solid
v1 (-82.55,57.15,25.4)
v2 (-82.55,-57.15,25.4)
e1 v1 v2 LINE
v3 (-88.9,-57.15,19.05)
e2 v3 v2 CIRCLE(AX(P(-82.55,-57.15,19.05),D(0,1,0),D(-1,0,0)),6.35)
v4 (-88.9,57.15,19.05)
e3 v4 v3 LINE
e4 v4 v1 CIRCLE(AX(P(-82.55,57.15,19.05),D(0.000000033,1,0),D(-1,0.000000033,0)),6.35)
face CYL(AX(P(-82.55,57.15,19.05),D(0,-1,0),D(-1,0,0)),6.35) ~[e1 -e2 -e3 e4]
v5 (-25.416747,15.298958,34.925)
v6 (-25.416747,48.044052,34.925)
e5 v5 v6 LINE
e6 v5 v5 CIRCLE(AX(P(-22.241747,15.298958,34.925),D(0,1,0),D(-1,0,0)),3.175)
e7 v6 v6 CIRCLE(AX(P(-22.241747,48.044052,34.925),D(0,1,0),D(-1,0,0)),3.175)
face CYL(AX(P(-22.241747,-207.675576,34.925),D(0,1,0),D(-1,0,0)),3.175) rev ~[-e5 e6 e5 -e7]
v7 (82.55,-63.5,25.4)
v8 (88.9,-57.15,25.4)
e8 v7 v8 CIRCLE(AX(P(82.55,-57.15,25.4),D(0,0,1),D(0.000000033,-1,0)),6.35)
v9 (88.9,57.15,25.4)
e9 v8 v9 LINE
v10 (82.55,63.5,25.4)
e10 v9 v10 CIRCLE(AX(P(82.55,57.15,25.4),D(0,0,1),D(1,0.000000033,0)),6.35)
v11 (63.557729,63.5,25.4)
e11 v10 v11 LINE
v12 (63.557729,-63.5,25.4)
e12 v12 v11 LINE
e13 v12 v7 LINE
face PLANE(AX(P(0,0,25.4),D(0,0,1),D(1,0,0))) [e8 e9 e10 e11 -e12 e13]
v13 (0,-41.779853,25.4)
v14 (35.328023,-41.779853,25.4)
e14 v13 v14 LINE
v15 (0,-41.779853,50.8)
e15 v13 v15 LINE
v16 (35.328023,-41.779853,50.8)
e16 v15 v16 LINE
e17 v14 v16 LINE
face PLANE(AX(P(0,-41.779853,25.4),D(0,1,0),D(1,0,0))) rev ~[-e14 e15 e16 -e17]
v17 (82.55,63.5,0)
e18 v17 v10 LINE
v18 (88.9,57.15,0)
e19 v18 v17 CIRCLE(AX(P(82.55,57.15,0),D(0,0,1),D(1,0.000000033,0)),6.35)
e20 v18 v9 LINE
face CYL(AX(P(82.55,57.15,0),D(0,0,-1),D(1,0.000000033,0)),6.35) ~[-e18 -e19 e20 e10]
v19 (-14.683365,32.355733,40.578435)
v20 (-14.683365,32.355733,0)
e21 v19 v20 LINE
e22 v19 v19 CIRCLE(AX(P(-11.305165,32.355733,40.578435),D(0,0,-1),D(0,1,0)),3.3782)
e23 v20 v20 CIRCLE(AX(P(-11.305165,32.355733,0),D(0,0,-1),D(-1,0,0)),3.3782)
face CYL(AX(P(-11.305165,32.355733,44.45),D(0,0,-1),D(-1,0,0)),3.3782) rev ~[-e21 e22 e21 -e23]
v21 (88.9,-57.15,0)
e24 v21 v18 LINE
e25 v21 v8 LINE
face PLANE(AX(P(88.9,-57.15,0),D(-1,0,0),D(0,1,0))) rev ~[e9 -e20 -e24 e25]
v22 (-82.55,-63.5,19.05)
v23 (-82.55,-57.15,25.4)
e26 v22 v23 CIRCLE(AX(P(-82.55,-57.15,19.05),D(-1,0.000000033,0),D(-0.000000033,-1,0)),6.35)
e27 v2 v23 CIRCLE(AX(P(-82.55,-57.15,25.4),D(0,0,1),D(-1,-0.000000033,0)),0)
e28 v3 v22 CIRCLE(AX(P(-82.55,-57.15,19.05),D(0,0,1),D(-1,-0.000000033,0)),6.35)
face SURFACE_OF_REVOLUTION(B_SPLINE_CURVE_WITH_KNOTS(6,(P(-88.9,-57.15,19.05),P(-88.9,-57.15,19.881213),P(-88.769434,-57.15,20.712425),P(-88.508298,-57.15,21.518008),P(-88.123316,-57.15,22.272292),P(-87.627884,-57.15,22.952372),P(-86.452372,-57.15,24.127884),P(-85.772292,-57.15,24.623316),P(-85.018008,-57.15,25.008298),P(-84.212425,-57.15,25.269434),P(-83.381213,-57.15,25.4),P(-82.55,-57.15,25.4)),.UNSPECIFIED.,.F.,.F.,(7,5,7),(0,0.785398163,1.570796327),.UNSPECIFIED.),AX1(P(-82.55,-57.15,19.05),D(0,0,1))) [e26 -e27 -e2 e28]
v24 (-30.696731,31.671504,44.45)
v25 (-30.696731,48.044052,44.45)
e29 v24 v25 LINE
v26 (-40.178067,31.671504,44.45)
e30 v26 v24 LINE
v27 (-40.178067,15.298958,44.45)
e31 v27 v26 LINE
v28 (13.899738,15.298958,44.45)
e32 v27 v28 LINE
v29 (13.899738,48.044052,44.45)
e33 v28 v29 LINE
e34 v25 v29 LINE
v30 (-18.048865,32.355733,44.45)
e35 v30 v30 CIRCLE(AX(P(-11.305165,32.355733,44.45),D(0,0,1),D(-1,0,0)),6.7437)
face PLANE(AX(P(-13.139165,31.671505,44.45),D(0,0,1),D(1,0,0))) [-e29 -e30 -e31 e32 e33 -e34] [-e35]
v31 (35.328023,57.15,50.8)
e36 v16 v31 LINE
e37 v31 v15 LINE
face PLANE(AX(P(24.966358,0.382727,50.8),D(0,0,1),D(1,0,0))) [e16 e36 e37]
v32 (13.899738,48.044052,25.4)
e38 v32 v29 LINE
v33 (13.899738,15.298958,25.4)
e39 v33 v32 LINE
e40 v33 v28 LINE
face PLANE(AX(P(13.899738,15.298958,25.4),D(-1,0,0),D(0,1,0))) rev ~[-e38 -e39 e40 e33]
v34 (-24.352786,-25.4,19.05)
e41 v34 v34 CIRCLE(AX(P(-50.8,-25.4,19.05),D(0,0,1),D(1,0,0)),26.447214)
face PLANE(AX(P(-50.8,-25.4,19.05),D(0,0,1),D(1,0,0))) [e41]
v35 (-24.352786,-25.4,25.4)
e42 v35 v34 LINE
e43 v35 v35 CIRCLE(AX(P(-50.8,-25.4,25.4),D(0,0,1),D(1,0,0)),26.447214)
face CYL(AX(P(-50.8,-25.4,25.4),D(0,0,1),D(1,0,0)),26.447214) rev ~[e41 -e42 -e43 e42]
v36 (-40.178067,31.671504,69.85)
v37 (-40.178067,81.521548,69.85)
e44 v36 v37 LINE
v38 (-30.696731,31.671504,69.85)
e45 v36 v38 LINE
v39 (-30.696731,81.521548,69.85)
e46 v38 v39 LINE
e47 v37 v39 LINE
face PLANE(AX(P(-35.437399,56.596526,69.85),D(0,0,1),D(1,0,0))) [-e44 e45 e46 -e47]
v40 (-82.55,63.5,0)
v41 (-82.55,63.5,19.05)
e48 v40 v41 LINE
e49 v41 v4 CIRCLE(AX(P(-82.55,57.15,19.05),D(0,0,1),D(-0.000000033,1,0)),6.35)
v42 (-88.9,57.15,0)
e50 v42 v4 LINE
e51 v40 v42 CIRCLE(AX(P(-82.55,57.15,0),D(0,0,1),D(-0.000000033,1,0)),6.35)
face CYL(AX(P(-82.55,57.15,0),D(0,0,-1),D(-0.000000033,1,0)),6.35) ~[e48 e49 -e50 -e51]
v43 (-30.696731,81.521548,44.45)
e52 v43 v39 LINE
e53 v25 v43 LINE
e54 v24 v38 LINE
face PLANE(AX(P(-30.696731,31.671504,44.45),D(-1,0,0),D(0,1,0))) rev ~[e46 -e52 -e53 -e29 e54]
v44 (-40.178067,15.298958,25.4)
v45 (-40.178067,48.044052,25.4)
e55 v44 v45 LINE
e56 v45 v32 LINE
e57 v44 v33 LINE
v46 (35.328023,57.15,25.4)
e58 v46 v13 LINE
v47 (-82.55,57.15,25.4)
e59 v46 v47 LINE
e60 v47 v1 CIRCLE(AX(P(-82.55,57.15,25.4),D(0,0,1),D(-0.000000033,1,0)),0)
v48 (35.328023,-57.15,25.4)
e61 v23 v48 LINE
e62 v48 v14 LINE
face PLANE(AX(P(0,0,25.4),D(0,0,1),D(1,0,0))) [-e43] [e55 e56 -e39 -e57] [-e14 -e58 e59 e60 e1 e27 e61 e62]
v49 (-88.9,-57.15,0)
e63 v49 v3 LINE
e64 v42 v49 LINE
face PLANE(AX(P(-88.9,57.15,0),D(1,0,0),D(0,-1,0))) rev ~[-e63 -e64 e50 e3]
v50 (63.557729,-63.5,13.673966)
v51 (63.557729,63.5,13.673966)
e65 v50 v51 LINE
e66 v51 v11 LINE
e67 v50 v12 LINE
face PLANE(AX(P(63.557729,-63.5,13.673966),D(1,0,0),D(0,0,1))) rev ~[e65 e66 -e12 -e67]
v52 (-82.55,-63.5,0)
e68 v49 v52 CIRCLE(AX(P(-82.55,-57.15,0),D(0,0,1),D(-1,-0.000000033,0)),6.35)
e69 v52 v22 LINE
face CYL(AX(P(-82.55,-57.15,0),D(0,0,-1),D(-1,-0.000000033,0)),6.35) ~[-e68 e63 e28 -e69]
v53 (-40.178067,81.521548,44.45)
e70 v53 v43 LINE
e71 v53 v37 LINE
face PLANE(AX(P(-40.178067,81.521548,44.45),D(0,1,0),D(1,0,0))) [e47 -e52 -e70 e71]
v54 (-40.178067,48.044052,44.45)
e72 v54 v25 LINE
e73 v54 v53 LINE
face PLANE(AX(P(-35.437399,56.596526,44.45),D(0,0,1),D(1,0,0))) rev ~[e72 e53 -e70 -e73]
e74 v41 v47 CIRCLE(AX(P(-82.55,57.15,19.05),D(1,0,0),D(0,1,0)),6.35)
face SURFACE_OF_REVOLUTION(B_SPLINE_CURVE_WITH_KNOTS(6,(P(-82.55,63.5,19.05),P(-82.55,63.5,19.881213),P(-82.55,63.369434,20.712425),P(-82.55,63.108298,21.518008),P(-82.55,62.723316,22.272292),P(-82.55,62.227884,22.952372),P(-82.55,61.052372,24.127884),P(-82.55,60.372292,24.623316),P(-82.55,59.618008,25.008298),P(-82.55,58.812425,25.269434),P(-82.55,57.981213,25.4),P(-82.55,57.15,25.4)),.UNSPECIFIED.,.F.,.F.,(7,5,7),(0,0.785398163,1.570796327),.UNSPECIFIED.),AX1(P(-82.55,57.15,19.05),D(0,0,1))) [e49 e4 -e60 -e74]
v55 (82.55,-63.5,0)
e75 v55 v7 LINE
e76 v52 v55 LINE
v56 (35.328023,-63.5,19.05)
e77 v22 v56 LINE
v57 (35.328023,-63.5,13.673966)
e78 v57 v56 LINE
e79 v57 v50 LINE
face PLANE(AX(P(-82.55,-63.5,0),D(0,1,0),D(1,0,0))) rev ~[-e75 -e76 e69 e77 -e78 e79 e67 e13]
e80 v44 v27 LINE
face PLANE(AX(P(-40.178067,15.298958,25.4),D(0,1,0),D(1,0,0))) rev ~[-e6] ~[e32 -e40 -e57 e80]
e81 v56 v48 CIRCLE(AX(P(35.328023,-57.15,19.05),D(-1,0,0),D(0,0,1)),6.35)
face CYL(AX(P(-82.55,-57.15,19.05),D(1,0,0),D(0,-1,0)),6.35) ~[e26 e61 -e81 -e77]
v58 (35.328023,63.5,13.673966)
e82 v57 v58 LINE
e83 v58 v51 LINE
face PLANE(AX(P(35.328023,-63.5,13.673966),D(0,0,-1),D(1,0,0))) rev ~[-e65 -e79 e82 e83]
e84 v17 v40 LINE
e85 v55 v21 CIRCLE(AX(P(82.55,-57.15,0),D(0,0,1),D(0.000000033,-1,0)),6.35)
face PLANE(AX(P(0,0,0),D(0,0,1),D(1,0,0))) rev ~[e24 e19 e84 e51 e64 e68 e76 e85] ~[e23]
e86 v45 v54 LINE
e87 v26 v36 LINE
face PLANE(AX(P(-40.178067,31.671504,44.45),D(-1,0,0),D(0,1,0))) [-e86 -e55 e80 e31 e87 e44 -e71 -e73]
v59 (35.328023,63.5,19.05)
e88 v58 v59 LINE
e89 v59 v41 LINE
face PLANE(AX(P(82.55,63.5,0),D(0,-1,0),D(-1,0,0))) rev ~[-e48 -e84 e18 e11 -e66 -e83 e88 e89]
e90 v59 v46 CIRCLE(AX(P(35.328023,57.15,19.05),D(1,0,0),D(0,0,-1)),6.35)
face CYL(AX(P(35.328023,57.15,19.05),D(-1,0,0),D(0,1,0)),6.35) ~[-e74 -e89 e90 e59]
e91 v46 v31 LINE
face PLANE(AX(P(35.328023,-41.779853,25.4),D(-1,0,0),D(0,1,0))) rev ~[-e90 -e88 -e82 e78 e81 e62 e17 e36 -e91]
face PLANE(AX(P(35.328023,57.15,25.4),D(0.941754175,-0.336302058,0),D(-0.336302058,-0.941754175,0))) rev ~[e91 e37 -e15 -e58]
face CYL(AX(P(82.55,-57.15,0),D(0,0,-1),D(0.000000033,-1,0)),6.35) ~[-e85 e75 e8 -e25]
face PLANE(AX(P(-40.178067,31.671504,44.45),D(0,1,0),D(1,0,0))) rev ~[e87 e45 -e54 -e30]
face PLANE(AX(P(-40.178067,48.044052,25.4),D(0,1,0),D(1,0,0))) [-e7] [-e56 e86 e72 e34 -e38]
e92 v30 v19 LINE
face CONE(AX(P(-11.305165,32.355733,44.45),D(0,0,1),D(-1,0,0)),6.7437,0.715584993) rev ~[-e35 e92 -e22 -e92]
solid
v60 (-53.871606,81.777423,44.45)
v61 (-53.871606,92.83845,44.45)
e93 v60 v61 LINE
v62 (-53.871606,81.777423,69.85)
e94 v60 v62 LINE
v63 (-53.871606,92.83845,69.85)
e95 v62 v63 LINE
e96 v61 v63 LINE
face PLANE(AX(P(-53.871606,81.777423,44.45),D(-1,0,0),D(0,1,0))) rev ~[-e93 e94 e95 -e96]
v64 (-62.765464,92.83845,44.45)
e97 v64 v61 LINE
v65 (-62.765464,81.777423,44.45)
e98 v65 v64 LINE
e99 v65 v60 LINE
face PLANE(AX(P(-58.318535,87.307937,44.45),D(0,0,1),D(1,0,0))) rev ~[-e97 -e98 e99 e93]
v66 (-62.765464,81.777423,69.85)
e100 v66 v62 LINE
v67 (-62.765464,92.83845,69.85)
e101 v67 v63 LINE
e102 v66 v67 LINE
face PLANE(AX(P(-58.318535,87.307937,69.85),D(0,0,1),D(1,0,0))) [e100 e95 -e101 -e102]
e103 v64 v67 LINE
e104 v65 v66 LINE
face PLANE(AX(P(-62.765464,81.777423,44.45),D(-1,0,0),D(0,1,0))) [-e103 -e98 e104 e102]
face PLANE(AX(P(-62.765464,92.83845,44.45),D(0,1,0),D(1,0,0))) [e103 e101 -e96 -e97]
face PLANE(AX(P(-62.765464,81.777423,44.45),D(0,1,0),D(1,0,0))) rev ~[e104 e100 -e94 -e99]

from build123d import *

# Parameters (mm, degrees)
F1_DEPTH        = 25.4
F2_R            = 26.447214
F3_DEPTH        = 6.35
F4_W            = 28.229706
F4_H            = 11.726034
F5_DEPTH        = 127
F6_W            = 54.077805
F6_H            = 32.745095
F7_DEPTH        = 19.05
F8_R            = 6.35
F10_D           = 6.7564
F10_CSINK_D     = 13.4874
F10_CSINK_ANGLE = 82
F12_D           = 6.35
F16_DEPTH       = 25.4
F14_W           = 8.893858
F14_H           = 11.061027
F14_W_2         = 9.481337
F14_H_2         = 49.850044
F15_DEPTH       = 25.4


with BuildPart() as f1:
    # F0 (on Top) → F1 (new body)
    with BuildSketch(Plane.XY):
        with BuildLine():
            Line((-82.55, -63.5), (82.55, -63.5))
            ThreePointArc((82.55, -63.5), (87.040128, -61.640128), (88.9, -57.15))
            Line((88.9, -57.15), (88.9, 57.15))
            ThreePointArc((88.9, 57.15), (87.040128, 61.640128), (82.55, 63.5))
            Line((82.55, 63.5), (-82.55, 63.5))
            ThreePointArc((-82.55, 63.5), (-87.040128, 61.640128), (-88.9, 57.15))
            Line((-88.9, 57.15), (-88.9, -57.15))
            ThreePointArc((-88.9, -57.15), (-87.040128, -61.640128), (-82.55, -63.5))
        make_face()
    extrude(amount=F1_DEPTH)

    # F2 (on face) → F3 (cut)
    with BuildSketch(Plane.XY.offset(25.4)):
        with Locations((-50.8, -25.4)):
            Circle(F2_R)
    extrude(amount=-F3_DEPTH, mode=Mode.SUBTRACT)

    # F4 (on face) → F5 (cut)
    with BuildSketch(Plane.XZ.offset(63.5)):
        with Locations((49.442876, 19.536983)):
            Rectangle(F4_W, F4_H)
    extrude(amount=-F5_DEPTH, mode=Mode.SUBTRACT)

    # F6 (on face) → F7 (join)
    with BuildSketch(Plane.XY.offset(25.4)):
        with Locations((-13.139165, 31.671505)):
            Rectangle(F6_W, F6_H)
    extrude(amount=F7_DEPTH)

    # F8
    f8_edges = [f1.edges().sort_by_distance(p)[0] for p in [
        (-23.610988, -63.5, 25.4),
    ]]
    fillet(f8_edges, radius=F8_R)

    # F10 (through all)
    with Locations(Plane.XY.offset(44.45)):
        with Locations((-11.305165, 32.355733)):
            CounterSinkHole(F10_D / 2, F10_CSINK_D / 2, counter_sink_angle=F10_CSINK_ANGLE)

    # F12 (through all)
    with Locations(Plane.XZ.offset(-15.298957)):
        with Locations((-22.241747, 34.925)):
            Hole(F12_D / 2)

    # F13 (on face) → F16 (join)
    with BuildSketch(Plane.XY.offset(25.4)):
        Polygon((35.328023, 57.15), (0, -41.779853), (35.328023, -41.779853), align=None)
    extrude(amount=F16_DEPTH)

    # F14 (on face) → F15 (join)
    with BuildSketch(Plane.XY.offset(44.45)):
        with Locations((-58.318535, 87.307937)):
            Rectangle(F14_W, F14_H)
        with Locations((-35.437399, 56.596526)):
            Rectangle(F14_W_2, F14_H_2)
    extrude(amount=F15_DEPTH)


solid = f1.part
